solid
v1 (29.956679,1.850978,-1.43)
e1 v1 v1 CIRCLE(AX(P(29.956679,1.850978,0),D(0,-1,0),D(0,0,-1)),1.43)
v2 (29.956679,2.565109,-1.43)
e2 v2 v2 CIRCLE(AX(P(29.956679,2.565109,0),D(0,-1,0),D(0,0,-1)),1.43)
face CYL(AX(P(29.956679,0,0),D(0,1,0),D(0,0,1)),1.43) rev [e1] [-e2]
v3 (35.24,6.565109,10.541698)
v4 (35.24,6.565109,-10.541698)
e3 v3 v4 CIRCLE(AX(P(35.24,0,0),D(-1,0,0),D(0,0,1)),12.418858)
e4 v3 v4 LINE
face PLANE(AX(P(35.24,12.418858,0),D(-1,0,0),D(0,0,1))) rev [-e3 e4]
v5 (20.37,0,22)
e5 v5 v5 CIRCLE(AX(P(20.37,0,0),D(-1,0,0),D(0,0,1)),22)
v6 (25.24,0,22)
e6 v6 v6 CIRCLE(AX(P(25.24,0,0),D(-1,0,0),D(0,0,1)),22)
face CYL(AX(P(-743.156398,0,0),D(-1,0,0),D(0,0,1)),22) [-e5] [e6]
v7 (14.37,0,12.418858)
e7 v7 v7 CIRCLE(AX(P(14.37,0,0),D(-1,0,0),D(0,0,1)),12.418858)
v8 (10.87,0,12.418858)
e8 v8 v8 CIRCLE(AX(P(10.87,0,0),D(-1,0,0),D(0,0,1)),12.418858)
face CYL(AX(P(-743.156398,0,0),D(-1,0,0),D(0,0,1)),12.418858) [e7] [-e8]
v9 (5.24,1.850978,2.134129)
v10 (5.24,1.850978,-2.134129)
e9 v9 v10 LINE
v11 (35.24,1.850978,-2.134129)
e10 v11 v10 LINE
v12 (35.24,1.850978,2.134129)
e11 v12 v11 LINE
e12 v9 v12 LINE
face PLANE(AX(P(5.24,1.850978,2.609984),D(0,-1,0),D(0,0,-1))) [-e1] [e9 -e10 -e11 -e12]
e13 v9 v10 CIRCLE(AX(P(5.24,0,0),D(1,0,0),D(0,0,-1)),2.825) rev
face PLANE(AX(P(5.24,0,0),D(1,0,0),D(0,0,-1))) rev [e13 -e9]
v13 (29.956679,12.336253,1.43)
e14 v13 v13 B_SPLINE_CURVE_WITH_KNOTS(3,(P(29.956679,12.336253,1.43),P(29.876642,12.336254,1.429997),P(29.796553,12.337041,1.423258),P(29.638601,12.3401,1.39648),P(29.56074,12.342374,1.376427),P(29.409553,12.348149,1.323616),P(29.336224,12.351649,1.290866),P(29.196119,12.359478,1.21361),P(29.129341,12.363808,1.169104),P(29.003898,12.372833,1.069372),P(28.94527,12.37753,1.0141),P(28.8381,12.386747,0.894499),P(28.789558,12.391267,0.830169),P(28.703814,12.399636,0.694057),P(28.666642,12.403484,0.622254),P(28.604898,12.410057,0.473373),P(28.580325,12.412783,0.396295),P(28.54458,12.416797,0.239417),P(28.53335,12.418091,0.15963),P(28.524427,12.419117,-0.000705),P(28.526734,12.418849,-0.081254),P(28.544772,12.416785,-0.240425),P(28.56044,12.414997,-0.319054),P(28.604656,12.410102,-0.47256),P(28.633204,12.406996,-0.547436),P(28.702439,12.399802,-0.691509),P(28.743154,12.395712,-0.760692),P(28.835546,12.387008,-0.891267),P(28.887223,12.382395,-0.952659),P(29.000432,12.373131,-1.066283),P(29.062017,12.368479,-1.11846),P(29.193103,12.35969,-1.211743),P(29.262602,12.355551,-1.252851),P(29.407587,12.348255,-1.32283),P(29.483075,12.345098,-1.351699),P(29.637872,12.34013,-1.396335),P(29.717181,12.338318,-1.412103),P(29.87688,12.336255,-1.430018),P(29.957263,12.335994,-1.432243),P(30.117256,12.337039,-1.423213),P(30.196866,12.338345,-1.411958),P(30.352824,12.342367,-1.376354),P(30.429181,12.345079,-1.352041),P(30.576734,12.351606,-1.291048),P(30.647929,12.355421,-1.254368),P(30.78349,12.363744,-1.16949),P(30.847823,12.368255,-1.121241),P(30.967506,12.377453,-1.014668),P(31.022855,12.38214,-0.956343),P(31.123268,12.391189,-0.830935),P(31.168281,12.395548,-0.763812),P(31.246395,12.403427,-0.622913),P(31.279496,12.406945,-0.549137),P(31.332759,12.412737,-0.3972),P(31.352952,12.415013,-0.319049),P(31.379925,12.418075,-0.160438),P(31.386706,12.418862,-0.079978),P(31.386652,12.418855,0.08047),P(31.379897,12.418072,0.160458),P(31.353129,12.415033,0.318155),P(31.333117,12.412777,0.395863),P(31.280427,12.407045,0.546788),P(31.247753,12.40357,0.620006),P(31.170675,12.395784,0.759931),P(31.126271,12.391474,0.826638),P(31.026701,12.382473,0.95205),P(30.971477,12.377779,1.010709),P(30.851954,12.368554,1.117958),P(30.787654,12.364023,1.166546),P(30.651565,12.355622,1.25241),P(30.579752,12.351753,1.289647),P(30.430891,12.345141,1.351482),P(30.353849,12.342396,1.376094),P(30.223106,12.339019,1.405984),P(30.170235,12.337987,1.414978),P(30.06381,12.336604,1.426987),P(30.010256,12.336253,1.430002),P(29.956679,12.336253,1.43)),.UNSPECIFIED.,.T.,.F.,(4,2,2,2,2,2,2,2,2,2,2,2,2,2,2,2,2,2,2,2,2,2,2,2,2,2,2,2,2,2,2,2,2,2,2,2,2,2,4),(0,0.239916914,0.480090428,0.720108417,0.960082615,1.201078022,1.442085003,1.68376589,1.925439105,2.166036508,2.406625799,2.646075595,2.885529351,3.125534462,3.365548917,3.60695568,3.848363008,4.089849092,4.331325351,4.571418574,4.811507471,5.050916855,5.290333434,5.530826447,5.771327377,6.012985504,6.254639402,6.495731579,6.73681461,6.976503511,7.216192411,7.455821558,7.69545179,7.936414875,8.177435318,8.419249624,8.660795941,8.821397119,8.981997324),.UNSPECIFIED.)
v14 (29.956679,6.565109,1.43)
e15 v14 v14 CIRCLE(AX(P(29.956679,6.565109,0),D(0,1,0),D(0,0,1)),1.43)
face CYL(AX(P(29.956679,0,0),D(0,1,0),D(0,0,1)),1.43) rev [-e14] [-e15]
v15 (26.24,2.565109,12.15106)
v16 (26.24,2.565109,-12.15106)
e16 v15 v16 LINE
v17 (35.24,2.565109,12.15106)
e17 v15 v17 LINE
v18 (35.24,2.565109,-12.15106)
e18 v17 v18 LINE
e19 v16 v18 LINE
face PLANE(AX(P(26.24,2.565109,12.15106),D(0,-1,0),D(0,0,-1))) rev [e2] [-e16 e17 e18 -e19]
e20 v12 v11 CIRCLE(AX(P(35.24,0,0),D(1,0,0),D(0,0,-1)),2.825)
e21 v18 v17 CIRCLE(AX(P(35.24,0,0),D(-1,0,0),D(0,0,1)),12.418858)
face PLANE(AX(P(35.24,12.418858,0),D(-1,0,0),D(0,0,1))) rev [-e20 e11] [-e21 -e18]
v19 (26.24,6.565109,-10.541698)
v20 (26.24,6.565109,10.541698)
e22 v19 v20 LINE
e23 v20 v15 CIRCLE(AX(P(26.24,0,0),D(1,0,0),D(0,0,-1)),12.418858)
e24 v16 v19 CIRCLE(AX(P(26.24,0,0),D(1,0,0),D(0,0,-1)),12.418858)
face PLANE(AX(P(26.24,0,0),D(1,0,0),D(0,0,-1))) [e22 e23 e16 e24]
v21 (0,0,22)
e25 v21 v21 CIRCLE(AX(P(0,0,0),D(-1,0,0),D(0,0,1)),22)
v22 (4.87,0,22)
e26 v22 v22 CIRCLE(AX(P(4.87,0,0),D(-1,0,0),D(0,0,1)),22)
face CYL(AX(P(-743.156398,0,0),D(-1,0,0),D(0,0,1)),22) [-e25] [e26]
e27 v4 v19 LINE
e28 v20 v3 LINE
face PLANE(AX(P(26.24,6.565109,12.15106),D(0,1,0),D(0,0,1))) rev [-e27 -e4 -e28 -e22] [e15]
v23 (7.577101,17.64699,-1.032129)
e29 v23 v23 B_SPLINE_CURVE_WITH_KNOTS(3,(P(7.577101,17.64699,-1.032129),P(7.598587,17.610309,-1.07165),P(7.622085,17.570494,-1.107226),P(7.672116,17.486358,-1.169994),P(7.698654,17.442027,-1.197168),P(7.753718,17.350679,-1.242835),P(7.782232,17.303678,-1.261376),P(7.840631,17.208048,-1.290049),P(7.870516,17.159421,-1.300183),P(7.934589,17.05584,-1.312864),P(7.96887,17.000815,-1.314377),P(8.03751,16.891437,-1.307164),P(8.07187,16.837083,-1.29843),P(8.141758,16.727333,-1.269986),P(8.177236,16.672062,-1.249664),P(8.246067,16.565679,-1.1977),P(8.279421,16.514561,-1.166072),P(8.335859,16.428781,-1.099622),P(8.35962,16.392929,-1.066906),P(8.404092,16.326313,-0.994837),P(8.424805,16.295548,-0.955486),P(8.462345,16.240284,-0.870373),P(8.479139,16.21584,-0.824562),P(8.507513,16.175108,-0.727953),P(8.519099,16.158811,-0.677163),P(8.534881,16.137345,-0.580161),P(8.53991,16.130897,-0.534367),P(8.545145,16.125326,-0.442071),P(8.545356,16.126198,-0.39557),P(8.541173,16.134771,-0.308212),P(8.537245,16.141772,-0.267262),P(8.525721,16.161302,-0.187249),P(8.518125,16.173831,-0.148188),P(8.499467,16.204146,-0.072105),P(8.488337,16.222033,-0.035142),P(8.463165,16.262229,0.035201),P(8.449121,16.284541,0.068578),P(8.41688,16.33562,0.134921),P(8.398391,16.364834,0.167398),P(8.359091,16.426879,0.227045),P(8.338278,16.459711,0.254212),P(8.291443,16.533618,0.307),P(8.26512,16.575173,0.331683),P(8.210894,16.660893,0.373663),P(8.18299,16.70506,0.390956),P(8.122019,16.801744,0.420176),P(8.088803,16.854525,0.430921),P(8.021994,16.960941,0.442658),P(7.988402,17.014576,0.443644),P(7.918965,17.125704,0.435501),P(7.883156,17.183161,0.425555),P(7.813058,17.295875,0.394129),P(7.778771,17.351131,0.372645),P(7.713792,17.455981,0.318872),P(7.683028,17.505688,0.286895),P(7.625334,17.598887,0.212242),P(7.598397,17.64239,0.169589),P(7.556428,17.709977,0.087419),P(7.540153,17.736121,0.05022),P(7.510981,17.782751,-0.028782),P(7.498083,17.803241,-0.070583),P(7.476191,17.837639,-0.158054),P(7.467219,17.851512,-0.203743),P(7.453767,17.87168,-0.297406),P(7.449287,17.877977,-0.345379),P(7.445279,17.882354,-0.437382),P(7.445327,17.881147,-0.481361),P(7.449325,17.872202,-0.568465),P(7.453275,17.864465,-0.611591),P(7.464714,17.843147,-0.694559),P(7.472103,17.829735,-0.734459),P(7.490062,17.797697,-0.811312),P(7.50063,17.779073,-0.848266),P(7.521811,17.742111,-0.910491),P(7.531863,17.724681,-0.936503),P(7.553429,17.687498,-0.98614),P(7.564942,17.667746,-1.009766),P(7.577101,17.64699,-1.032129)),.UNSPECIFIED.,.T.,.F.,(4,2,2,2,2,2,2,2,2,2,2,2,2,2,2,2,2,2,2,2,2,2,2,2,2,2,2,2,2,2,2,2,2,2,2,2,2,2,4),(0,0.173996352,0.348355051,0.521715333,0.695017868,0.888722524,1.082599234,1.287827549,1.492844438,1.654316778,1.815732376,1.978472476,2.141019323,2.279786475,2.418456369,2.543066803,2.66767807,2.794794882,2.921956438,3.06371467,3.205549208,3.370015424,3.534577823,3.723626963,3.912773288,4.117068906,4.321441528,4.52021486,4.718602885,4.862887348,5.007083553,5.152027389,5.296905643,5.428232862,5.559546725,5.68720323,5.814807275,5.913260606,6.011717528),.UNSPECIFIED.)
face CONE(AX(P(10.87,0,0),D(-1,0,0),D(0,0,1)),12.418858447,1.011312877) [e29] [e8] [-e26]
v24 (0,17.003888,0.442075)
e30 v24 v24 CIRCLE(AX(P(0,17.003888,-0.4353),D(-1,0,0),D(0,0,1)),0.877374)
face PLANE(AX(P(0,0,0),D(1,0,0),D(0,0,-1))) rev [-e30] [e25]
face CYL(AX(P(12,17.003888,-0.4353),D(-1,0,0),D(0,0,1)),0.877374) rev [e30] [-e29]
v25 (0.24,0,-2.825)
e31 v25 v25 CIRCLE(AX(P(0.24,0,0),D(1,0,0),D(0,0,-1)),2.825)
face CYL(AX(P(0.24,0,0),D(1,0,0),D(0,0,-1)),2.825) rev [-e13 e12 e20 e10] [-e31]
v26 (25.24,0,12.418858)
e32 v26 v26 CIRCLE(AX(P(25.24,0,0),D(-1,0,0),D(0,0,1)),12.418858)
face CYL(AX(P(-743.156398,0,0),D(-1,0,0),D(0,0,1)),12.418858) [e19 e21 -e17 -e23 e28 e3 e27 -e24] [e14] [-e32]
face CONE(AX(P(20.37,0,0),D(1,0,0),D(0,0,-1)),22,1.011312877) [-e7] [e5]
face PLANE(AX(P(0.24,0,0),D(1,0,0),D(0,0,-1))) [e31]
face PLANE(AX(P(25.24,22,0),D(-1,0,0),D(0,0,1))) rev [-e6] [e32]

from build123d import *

# Parameters (mm, degrees)
SKETCH_3_R          = 2.825
CUT_EXTRUDE_2_DEPTH = 35
SKETCH_14_R         = 0.877374271
CUT_EXTRUDE_5_DEPTH = 12
SKETCH_16_W         = 5.008881277
SKETCH_16_H         = 1
EXTRUDE_2_DEPTH     = 30
SKETCH_19_W         = 0.959066555
SKETCH_19_H         = 0.511502163
EXTRUDE_3_DEPTH     = 30
SKETCH_24_W         = 24.30212029
SKETCH_24_H         = 4
CUT_EXTRUDE_8_DEPTH = 9
SKETCH_25_R         = 1.43
CUT_EXTRUDE_9_DEPTH = 22


with BuildPart() as part:
    # 草圖1 → 旋轉1 (revolve)
    with BuildSketch(Plane.XY):
        Polygon((0, 0), (0, 22), (4.87, 22), (10.87, 12.418858447), (14.37, 12.418858447), (20.37, 22), (25.24, 22), (25.24, 12.418858447), (35.24, 12.418858447), (35.24, 0), align=None)
    revolve(axis=Axis((-743.15639781, 0, 0), (1, 0, 0)))

    # 草圖3 → 除料-伸長2 (cut)
    with BuildSketch(Plane(origin=(35.24, 0, 0), x_dir=(0, 0, -1), z_dir=(1, 0, 0))):
        Circle(SKETCH_3_R)
    extrude(amount=-CUT_EXTRUDE_2_DEPTH, mode=Mode.SUBTRACT)

    # 草圖14 → 除料-伸長5 (cut)
    with BuildSketch(Plane.ZY):
        with Locations((-0.435299539, 17.00388826)):
            Circle(SKETCH_14_R)
    extrude(amount=-CUT_EXTRUDE_5_DEPTH, mode=Mode.SUBTRACT)

    # 草圖16 → 填料-伸長2 (add)
    with BuildSketch(Plane(origin=(35.24, 0, 0), x_dir=(0, 0, -1), z_dir=(1, 0, 0))):
        with Locations((-0.105543204, 2.350977924)):
            Rectangle(SKETCH_16_W, SKETCH_16_H)
    extrude(amount=-EXTRUDE_2_DEPTH)

    # 草圖19 → 填料-伸長3 (add)
    with BuildSketch(Plane(origin=(35.24, 0, 0), x_dir=(0, 0, -1), z_dir=(1, 0, 0))):
        with Locations((-0.084116996, 2.673942601)):
            Rectangle(SKETCH_19_W, SKETCH_19_H)
    extrude(amount=-EXTRUDE_3_DEPTH)

    # 草圖24 → 除料-伸長8 (cut)
    with BuildSketch(Plane(origin=(35.24, 0, 0), x_dir=(0, 0, -1), z_dir=(1, 0, 0))):
        with Locations((0, 4.565108671)):
            Rectangle(SKETCH_24_W, SKETCH_24_H)
    extrude(amount=-CUT_EXTRUDE_8_DEPTH, mode=Mode.SUBTRACT)

    # 草圖25 → 除料-伸長9 (cut)
    with BuildSketch(Plane(origin=(0, 22, 0), x_dir=(1, 0, 0), z_dir=(0, 1, 0))):
        with Locations((29.956679037, 0)):
            Circle(SKETCH_25_R)
    extrude(amount=-CUT_EXTRUDE_9_DEPTH, mode=Mode.SUBTRACT)


solid = part.part
